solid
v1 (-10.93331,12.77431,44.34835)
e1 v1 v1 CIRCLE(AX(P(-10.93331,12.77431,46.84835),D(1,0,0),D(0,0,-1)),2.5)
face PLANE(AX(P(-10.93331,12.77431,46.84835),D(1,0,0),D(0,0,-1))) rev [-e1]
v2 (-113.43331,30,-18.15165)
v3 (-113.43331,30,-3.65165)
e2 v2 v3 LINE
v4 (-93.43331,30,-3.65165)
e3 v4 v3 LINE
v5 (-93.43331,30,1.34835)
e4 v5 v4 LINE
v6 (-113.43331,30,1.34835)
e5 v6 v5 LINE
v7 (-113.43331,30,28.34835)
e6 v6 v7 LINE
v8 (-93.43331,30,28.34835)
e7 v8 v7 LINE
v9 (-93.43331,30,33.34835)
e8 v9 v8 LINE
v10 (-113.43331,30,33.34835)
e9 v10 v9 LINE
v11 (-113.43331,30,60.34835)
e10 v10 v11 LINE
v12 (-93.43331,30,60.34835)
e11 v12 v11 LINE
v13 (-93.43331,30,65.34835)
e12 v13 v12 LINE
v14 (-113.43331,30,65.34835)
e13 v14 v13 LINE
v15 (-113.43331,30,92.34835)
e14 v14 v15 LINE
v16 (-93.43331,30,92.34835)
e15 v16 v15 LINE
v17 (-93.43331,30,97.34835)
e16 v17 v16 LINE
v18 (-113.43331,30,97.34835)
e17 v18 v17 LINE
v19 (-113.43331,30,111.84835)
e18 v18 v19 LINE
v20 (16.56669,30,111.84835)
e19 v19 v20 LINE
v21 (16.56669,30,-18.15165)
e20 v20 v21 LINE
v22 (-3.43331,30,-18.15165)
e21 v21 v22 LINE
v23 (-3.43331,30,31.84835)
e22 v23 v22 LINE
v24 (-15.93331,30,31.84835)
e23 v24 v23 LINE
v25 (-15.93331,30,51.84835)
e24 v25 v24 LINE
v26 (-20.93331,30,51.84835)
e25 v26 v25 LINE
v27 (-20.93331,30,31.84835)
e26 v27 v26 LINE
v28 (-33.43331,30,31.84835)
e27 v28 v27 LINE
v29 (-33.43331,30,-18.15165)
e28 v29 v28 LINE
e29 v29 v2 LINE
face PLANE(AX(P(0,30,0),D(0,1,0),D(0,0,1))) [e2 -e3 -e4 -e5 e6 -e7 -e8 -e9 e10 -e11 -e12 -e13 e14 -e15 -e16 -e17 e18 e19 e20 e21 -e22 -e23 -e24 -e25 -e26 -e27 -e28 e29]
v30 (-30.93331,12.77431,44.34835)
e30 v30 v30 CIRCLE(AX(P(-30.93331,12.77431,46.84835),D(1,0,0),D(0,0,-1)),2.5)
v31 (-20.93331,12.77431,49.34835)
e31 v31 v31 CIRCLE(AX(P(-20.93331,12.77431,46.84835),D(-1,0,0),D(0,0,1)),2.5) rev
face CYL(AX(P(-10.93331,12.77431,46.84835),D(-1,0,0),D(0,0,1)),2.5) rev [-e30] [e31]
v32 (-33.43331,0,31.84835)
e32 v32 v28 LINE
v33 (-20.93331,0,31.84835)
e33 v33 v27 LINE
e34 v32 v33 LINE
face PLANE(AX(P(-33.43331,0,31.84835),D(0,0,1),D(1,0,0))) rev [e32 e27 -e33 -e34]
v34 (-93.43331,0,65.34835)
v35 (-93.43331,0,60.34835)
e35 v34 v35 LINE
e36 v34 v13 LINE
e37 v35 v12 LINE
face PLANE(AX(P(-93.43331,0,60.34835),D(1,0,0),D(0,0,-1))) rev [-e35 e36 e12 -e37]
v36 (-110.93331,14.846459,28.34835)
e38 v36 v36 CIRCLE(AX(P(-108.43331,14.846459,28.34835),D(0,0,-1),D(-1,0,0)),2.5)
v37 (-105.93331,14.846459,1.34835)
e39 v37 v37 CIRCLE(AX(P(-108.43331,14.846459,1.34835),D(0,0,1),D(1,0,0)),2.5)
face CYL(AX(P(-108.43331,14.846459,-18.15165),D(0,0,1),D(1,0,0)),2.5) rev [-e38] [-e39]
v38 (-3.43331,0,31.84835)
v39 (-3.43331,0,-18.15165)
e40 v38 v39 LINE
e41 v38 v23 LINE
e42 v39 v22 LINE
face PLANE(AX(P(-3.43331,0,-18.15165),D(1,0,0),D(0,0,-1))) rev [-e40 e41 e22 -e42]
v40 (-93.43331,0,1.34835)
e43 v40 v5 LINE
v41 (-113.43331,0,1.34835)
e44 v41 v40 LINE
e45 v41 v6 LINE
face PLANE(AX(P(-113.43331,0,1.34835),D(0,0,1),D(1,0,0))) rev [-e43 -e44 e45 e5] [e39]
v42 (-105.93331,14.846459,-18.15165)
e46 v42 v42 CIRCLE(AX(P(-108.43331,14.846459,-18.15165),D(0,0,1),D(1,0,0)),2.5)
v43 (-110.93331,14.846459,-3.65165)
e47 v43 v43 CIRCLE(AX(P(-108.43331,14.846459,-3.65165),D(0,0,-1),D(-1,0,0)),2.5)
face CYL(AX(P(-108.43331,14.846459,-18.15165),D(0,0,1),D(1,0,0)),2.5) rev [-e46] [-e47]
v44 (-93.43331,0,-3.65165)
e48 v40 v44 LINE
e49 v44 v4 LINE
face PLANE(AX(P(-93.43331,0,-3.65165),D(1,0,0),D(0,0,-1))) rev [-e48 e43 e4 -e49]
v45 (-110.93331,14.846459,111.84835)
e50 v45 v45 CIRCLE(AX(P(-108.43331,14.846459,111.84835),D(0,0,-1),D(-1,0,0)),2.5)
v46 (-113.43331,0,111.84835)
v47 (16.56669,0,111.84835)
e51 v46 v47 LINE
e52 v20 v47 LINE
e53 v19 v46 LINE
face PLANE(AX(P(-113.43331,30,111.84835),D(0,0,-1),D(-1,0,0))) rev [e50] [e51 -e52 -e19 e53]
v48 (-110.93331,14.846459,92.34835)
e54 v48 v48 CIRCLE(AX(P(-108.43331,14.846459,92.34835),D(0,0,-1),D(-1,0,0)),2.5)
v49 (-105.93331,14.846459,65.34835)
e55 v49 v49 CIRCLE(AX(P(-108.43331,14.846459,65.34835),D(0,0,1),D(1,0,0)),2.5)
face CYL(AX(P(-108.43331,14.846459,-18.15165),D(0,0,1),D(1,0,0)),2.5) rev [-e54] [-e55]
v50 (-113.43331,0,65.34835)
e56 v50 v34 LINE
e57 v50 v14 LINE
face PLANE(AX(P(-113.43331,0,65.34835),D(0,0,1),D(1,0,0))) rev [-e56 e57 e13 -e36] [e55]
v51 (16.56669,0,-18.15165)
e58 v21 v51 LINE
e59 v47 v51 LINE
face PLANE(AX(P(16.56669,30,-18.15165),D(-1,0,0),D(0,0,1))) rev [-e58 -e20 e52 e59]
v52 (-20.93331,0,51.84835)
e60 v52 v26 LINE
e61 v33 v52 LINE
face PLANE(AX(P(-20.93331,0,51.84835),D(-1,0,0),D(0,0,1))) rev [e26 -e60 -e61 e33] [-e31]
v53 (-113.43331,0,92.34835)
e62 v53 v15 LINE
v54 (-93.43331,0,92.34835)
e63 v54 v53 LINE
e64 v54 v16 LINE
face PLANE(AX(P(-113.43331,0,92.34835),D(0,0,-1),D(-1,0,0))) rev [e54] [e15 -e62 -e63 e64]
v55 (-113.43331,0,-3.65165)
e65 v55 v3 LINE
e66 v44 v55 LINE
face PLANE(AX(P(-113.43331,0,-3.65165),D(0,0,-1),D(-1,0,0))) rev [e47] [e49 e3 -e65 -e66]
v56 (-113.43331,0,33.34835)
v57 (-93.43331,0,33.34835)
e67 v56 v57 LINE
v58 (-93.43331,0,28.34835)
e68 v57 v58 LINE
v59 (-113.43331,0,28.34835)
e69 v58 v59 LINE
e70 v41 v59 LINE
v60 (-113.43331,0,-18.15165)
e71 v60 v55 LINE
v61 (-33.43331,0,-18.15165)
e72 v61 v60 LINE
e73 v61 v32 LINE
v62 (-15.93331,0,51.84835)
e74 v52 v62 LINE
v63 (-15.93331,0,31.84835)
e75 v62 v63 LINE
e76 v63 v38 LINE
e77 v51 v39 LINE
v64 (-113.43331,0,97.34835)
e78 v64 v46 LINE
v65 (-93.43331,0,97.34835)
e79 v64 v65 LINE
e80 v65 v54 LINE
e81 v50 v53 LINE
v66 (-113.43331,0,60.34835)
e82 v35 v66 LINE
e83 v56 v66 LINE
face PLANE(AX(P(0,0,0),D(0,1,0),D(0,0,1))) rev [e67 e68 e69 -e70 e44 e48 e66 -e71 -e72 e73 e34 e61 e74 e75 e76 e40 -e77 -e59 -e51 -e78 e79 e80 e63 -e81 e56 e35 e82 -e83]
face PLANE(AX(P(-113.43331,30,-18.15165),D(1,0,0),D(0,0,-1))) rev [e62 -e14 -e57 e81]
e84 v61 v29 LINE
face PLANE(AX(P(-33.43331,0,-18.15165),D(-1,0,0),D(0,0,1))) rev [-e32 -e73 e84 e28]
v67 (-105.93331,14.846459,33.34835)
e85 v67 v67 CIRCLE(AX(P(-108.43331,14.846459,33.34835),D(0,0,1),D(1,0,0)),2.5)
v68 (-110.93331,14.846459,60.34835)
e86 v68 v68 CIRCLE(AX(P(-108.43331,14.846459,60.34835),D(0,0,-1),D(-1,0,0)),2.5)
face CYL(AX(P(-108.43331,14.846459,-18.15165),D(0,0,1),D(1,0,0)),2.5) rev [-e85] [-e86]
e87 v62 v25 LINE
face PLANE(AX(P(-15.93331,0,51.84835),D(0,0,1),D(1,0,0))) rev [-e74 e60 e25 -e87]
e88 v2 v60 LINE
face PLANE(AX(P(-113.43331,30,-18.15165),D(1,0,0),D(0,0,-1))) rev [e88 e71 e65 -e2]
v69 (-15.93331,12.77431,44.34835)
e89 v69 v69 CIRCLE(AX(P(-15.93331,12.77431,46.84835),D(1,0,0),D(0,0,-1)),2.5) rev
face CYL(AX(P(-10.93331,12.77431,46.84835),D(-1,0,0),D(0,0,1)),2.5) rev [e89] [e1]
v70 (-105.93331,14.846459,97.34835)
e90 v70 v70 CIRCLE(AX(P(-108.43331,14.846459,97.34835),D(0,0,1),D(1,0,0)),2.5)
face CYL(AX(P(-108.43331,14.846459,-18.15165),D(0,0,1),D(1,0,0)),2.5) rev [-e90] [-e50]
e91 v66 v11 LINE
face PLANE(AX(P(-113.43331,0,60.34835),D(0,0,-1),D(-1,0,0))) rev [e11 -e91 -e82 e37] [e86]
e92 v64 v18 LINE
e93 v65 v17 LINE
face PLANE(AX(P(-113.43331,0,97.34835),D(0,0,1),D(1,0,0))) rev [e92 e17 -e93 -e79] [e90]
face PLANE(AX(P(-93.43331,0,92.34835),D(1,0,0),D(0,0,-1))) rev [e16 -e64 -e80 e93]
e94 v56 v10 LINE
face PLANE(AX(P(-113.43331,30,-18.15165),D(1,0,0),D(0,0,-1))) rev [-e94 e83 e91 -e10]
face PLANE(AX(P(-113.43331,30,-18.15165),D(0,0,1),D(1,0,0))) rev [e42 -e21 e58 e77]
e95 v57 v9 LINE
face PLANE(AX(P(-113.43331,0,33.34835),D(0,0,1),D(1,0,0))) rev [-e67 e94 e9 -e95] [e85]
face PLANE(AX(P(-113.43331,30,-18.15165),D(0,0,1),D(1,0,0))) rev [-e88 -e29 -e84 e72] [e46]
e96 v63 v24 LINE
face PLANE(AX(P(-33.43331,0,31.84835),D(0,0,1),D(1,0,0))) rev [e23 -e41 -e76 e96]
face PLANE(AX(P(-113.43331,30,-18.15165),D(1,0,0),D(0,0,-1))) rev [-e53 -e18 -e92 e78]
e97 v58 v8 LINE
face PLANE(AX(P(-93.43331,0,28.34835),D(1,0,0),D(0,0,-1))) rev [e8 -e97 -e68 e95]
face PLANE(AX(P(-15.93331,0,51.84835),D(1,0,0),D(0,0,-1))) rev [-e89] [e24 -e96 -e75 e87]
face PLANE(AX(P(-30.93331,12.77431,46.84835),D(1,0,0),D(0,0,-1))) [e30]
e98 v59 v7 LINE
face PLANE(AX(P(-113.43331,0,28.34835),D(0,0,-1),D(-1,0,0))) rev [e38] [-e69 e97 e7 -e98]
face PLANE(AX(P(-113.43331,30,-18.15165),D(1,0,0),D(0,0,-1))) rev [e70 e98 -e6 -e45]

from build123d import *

# Parameters (mm, degrees)
SKETCH2_W               = 130
SKETCH2_H               = 130
BOSS_EXTRUDE1_DEPTH     = 30
CUT_EXTRUDE1_DEPTH      = 163.102342109
CUT_EXTRUDE1_DEPTH_BACK = 163.102342109
SKETCH3_W               = 20
SKETCH3_H               = 5
CUT_EXTRUDE2_DEPTH      = 163.102342109
CUT_EXTRUDE2_DEPTH_BACK = 163.102342109
SKETCH8_W               = 20
SKETCH8_H               = 5
CUT_EXTRUDE3_DEPTH      = 176.12028954
CUT_EXTRUDE3_DEPTH_BACK = 176.12028954
SKETCH9_R               = 2.5
CUT_EXTRUDE4_DEPTH      = 163.102342109
CUT_EXTRUDE4_DEPTH_BACK = 163.102342109
SKETCH10_W              = 30
SKETCH10_H              = 50
CUT_EXTRUDE5_DEPTH      = 163.102342109
CUT_EXTRUDE5_DEPTH_BACK = 163.102342109
SKETCH12_W              = 5
SKETCH12_H              = 20
CUT_EXTRUDE6_DEPTH      = 10
CUT_EXTRUDE6_DEPTH_BACK = 10
SKETCH13_R              = 2.5


with BuildPart() as part:
    # Sketch2 → Boss-Extrude1 (new body)
    with BuildSketch(Plane(origin=(0, 0, 0), x_dir=(1, 0, 0), z_dir=(0, 1, 0))):
        with Locations((-48.433309961, -46.848350496)):
            Rectangle(SKETCH2_W, SKETCH2_H)
    extrude(amount=BOSS_EXTRUDE1_DEPTH)

    # Sketch3 → Cut-Extrude1 (cut, two sides: drawn at the far end of the back side and taken through both)
    with BuildSketch(Plane(origin=(0, 30, 0), x_dir=(1, 0, 0), z_dir=(0, 1, 0)).offset(-CUT_EXTRUDE1_DEPTH_BACK)):
        with Locations((-103.433309961, 1.151649504)):
            Rectangle(SKETCH3_W, SKETCH3_H)
    extrude(amount=CUT_EXTRUDE1_DEPTH + CUT_EXTRUDE1_DEPTH_BACK, mode=Mode.SUBTRACT)

    # Sketch8 → Cut-Extrude2 (cut, two sides: drawn at the far end of the back side and taken through both)
    with BuildSketch(Plane(origin=(0, 30, 0), x_dir=(1, 0, 0), z_dir=(0, 1, 0)).offset(-CUT_EXTRUDE2_DEPTH_BACK)):
        with Locations((-103.433309961, -30.848350496)):
            Rectangle(SKETCH8_W, SKETCH8_H)
        with Locations((-103.433309961, -62.848350496)):
            Rectangle(SKETCH8_W, SKETCH8_H)
        with Locations((-103.433309961, -94.848350496)):
            Rectangle(SKETCH8_W, SKETCH8_H)
    extrude(amount=CUT_EXTRUDE2_DEPTH + CUT_EXTRUDE2_DEPTH_BACK, mode=Mode.SUBTRACT)

    # Sketch9 → Cut-Extrude3 (cut, two sides: drawn at the far end of the back side and taken through both)
    with BuildSketch(Plane.XY.offset(111.848350496).offset(-CUT_EXTRUDE3_DEPTH_BACK)):
        with Locations((-108.433309961, 14.846459041)):
            Circle(SKETCH9_R)
    extrude(amount=CUT_EXTRUDE3_DEPTH + CUT_EXTRUDE3_DEPTH_BACK, mode=Mode.SUBTRACT)

    # Sketch10 → Cut-Extrude4 (cut, two sides: drawn at the far end of the back side and taken through both)
    with BuildSketch(Plane(origin=(0, 30, 0), x_dir=(1, 0, 0), z_dir=(0, 1, 0)).offset(-CUT_EXTRUDE4_DEPTH_BACK)):
        with Locations((-18.433309961, -6.848350496)):
            Rectangle(SKETCH10_W, SKETCH10_H)
    extrude(amount=CUT_EXTRUDE4_DEPTH + CUT_EXTRUDE4_DEPTH_BACK, mode=Mode.SUBTRACT)

    # Sketch12 → Cut-Extrude5 (cut, two sides: drawn at the far end of the back side and taken through both)
    with BuildSketch(Plane(origin=(0, 30, 0), x_dir=(1, 0, 0), z_dir=(0, 1, 0)).offset(-CUT_EXTRUDE5_DEPTH_BACK)):
        with Locations((-18.433309961, -41.848350496)):
            Rectangle(SKETCH12_W, SKETCH12_H)
    extrude(amount=CUT_EXTRUDE5_DEPTH + CUT_EXTRUDE5_DEPTH_BACK, mode=Mode.SUBTRACT)

    # Sketch13 → Cut-Extrude6 (cut, two sides: drawn at the far end of the back side and taken through both)
    with BuildSketch(Plane(origin=(-20.933309961, 0, 0), x_dir=(0, 0, -1), z_dir=(1, 0, 0)).offset(-CUT_EXTRUDE6_DEPTH_BACK)):
        with Locations(Location((-46.848350496, 12.77430984, 0), (0, 0, 180))):
            Circle(SKETCH13_R)
    extrude(amount=CUT_EXTRUDE6_DEPTH + CUT_EXTRUDE6_DEPTH_BACK, mode=Mode.SUBTRACT)


solid = part.part
